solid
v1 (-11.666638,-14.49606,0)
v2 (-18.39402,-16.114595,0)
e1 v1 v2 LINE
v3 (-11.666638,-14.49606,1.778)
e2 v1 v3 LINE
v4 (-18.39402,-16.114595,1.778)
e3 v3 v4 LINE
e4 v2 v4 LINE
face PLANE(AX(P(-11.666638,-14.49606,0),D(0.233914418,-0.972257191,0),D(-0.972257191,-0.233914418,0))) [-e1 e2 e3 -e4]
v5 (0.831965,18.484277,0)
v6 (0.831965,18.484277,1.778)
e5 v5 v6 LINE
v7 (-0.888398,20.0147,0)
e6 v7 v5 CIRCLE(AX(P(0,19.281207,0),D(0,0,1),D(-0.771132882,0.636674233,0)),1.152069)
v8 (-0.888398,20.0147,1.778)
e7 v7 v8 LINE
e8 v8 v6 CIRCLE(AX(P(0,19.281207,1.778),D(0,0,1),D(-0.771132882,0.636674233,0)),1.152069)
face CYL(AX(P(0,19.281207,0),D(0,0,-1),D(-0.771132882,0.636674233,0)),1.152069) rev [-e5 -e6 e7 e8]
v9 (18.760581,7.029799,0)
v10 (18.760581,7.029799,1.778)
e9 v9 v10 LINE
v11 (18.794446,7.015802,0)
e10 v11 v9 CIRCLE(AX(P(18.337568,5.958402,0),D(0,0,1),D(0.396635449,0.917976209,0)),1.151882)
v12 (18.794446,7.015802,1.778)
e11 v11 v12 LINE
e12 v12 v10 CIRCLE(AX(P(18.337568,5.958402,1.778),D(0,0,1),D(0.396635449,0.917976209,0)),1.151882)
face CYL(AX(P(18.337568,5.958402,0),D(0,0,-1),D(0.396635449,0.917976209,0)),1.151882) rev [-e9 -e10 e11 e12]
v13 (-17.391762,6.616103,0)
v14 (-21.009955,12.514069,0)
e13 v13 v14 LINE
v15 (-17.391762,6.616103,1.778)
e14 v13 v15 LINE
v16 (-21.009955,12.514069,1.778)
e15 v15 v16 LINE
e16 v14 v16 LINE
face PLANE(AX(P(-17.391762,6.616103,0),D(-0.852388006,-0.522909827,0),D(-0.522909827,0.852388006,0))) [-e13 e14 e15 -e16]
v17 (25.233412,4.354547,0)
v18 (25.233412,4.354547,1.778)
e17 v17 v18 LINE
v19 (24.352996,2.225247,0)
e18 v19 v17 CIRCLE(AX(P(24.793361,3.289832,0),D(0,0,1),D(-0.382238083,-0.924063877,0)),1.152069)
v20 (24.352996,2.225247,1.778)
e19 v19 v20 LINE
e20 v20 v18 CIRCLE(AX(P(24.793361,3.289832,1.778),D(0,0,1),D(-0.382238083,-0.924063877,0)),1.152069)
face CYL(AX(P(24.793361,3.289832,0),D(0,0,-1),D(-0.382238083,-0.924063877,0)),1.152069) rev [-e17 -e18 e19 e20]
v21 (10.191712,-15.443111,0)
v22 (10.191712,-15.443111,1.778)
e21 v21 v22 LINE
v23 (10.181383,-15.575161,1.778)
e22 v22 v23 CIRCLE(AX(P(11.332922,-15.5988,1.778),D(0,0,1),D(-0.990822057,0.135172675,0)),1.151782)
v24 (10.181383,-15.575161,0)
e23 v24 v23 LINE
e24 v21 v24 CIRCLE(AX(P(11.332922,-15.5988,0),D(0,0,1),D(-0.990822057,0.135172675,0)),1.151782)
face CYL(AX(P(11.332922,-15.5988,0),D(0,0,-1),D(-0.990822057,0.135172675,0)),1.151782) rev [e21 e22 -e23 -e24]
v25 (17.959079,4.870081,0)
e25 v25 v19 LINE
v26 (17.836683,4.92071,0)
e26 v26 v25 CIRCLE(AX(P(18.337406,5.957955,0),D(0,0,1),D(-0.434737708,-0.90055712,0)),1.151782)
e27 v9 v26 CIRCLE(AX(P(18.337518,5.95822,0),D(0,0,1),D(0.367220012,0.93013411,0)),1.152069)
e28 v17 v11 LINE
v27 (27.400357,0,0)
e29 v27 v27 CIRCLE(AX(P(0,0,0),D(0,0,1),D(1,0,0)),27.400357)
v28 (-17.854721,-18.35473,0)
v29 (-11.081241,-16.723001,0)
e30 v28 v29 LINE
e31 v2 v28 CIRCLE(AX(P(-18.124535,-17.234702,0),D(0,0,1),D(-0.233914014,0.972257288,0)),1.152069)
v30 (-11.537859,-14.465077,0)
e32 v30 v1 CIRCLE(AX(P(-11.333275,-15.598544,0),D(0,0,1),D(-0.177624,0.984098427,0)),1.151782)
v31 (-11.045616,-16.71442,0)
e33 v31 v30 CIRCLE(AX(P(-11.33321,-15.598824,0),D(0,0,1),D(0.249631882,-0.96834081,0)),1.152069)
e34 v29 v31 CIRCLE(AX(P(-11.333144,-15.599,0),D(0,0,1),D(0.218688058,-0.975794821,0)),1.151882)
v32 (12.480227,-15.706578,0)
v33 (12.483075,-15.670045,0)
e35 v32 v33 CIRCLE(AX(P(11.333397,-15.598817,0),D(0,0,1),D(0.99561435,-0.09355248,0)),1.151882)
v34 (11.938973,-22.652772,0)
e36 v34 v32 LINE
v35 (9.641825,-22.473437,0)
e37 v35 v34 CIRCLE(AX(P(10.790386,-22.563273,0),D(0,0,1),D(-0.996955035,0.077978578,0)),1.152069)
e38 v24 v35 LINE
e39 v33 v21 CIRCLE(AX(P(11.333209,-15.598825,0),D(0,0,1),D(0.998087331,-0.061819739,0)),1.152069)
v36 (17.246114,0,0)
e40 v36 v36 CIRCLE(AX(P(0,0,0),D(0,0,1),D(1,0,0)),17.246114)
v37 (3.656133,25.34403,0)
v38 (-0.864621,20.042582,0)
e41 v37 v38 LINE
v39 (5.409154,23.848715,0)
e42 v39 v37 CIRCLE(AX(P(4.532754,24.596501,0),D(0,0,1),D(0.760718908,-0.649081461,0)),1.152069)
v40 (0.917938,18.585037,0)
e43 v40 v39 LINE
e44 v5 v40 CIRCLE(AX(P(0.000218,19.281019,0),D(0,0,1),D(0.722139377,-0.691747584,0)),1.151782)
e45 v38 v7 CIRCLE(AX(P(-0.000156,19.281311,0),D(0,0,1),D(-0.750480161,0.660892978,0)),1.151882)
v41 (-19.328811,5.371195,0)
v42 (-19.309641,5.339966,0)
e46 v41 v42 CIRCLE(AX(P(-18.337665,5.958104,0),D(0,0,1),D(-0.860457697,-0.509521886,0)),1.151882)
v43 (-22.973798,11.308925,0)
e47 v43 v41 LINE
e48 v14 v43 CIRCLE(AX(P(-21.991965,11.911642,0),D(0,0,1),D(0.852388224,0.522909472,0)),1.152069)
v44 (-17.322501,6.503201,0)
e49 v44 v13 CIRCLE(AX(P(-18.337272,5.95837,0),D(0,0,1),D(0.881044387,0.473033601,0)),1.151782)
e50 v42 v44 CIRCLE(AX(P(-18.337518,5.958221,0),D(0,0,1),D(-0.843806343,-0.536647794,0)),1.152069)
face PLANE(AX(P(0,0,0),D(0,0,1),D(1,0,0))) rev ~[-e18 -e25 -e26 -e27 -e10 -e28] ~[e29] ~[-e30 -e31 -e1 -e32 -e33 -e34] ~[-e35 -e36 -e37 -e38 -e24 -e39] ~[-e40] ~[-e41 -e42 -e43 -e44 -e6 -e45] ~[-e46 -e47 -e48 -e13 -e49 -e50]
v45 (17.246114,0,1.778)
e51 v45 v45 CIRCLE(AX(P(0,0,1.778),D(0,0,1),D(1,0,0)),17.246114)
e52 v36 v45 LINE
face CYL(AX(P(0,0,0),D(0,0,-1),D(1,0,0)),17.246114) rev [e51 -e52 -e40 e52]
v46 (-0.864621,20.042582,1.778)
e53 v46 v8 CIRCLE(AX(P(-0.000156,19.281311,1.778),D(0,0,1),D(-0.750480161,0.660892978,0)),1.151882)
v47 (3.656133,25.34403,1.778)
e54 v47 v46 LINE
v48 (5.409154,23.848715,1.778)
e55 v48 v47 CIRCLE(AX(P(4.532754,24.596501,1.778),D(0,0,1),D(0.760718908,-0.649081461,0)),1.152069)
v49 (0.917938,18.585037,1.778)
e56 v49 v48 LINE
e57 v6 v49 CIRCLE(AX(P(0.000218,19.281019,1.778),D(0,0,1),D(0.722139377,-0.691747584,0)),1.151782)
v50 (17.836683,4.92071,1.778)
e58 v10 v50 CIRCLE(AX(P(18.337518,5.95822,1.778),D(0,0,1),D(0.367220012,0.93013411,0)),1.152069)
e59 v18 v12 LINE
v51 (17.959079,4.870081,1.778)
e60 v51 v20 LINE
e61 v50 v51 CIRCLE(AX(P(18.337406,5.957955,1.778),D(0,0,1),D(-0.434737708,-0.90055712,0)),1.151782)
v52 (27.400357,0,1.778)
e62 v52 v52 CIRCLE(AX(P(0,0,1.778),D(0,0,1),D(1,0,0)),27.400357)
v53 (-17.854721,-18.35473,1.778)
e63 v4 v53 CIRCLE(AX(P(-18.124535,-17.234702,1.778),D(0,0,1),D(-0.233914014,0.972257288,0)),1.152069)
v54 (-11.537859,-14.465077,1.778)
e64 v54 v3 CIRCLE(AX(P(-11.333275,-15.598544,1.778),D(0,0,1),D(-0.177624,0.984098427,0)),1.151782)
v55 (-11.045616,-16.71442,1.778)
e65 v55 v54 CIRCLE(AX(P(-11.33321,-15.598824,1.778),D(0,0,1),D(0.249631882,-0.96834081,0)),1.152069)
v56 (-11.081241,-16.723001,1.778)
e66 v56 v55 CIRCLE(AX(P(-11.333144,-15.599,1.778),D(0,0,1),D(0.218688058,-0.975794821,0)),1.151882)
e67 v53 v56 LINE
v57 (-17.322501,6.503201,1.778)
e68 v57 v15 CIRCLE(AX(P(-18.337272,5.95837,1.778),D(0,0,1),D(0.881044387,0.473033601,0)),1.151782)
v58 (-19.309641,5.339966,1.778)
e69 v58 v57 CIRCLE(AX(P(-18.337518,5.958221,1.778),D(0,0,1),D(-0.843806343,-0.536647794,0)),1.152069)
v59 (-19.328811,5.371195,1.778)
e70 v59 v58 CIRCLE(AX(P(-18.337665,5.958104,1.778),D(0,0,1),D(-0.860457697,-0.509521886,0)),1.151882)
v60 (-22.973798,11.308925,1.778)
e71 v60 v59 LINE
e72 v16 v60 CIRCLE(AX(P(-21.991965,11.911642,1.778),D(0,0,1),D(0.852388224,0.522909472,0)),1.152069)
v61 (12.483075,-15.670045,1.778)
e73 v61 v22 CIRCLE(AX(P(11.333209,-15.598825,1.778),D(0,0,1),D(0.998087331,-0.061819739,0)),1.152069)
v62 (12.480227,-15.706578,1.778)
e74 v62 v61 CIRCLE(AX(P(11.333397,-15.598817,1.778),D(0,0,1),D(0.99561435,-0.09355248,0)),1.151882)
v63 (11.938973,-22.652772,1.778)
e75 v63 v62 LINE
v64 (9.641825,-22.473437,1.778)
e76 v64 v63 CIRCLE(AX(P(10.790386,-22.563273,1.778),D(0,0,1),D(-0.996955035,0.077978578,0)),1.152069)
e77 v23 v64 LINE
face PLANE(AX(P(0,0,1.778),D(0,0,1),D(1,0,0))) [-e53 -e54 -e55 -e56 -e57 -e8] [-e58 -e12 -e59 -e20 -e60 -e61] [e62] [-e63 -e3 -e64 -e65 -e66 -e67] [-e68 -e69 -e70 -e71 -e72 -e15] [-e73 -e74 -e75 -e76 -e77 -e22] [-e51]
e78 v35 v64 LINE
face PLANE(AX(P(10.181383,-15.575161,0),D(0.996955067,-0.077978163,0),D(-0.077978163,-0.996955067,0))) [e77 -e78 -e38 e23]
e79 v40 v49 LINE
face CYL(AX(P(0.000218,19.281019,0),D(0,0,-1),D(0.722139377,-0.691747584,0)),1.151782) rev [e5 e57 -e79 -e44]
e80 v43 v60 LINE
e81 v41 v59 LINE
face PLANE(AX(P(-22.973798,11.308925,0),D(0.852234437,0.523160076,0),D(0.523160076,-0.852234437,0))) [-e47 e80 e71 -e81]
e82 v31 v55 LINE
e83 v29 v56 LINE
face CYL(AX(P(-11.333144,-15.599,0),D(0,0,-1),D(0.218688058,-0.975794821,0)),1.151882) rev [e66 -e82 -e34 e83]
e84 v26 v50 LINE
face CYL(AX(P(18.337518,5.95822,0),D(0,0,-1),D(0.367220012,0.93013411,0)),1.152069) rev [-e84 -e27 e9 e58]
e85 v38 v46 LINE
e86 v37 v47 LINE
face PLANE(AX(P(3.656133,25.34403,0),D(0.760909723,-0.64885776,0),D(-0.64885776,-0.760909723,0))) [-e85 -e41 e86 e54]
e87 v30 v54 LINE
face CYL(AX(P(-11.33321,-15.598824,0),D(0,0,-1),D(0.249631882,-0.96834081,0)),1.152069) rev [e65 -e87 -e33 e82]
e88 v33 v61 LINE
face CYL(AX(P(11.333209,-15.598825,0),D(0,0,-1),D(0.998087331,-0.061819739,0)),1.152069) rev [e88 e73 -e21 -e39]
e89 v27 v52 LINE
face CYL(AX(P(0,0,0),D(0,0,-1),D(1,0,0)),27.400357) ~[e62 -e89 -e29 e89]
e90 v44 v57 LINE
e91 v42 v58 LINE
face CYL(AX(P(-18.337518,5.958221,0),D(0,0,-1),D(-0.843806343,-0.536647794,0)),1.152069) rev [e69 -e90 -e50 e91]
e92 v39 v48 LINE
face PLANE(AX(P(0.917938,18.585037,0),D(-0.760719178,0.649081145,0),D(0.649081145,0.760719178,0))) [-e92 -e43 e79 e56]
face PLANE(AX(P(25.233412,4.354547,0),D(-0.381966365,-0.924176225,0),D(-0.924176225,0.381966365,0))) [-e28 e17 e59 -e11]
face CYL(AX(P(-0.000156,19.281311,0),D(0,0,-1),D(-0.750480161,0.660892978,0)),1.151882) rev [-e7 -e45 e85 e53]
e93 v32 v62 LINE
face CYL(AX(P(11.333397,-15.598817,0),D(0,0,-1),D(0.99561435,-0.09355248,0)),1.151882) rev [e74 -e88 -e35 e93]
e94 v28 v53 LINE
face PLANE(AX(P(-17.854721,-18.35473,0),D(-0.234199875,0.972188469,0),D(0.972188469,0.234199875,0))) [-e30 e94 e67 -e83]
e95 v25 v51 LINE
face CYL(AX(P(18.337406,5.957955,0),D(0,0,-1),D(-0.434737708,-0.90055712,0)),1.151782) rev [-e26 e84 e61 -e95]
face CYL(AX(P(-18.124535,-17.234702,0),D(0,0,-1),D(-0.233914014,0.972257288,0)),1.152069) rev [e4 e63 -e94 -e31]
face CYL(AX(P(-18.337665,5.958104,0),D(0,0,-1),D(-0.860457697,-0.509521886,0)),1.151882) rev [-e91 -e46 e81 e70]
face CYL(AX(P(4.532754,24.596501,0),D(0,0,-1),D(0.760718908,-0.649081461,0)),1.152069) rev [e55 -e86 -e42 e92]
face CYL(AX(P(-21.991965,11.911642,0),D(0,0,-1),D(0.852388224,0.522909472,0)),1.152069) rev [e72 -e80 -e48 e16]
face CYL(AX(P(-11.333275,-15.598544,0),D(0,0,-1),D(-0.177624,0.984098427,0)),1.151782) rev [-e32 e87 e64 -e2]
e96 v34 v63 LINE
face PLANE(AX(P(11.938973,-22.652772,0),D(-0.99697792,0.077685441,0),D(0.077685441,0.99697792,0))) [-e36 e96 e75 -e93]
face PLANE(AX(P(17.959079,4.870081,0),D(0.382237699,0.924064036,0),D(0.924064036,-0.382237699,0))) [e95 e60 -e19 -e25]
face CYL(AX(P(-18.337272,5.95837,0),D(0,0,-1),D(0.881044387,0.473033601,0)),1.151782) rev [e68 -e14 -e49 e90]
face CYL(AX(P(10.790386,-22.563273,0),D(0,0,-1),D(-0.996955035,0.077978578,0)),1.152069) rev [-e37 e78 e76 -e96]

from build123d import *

# Parameters (mm, degrees)
F0_R     = 27.400357
F2_DEPTH = 1.778
F1_R     = 17.246114
F3_DEPTH = 1.778
F6_DEPTH = 1.778
F7_COUNT = 5


with BuildPart() as f2:
    # F0 (on Top) → F2 (new body)
    with BuildSketch(Plane.XY):
        Circle(F0_R)
    extrude(amount=F2_DEPTH)

    # F1 (on Top) → F3 (cut, through all)
    with BuildSketch(Plane.XY):
        Circle(F1_R)
    extrude(amount=F3_DEPTH, mode=Mode.SUBTRACT)


with BuildPart() as f6:
    # F5 (on Top) → F6 (new body, through all)
    with BuildSketch(Plane.XY):
        with BuildLine():
            Line((-0.888398, 20.0147), (-0.864621, 20.042582))
            ThreePointArc((-0.864621, 20.042582), (-0.87662, 20.028736), (-0.888398, 20.0147))
        make_face()
        with BuildLine():
            Line((3.656133, 25.34403), (-0.864621, 20.042582))
            Line((-0.864621, 20.042582), (-0.888398, 20.0147))
            ThreePointArc((-0.888398, 20.0147), (-0.765731, 18.420441), (0.831965, 18.484277))
            Line((0.831965, 18.484277), (0.917938, 18.585037))
            Line((0.917938, 18.585037), (5.409154, 23.848715))
            ThreePointArc((5.409154, 23.848715), (5.280411, 25.473012), (3.656133, 25.34403))
        make_face()
        with BuildLine():
            Line((0.917938, 18.585037), (0.831965, 18.484277))
            ThreePointArc((0.831965, 18.484277), (0.876401, 18.53342), (0.917938, 18.585037))
        make_face()
    extrude(amount=F6_DEPTH)


with BuildPart() as f7_1:
    # F7: instance of F6
    add(f6.part.rotate(Axis((0, 0, 1.187779), (0, 0, -1)), 1 * 360 / F7_COUNT))


with BuildPart() as f7_2:
    # F7: instance of F6
    add(f6.part.rotate(Axis((0, 0, 1.187779), (0, 0, -1)), 2 * 360 / F7_COUNT))


with BuildPart() as f7_3:
    # F7: instance of F6
    add(f6.part.rotate(Axis((0, 0, 1.187779), (0, 0, -1)), 3 * 360 / F7_COUNT))


with BuildPart() as f7_4:
    # F7: instance of F6
    add(f6.part.rotate(Axis((0, 0, 1.187779), (0, 0, -1)), 4 * 360 / F7_COUNT))


with BuildPart() as f2_1:
    add(f2.part)

    # F8: cut F6, F7_1, F7_2, F7_3, F7_4
    add(f6.part, mode=Mode.SUBTRACT)
    add(f7_1.part, mode=Mode.SUBTRACT)
    add(f7_2.part, mode=Mode.SUBTRACT)
    add(f7_3.part, mode=Mode.SUBTRACT)
    add(f7_4.part, mode=Mode.SUBTRACT)


solid = f2_1.part
